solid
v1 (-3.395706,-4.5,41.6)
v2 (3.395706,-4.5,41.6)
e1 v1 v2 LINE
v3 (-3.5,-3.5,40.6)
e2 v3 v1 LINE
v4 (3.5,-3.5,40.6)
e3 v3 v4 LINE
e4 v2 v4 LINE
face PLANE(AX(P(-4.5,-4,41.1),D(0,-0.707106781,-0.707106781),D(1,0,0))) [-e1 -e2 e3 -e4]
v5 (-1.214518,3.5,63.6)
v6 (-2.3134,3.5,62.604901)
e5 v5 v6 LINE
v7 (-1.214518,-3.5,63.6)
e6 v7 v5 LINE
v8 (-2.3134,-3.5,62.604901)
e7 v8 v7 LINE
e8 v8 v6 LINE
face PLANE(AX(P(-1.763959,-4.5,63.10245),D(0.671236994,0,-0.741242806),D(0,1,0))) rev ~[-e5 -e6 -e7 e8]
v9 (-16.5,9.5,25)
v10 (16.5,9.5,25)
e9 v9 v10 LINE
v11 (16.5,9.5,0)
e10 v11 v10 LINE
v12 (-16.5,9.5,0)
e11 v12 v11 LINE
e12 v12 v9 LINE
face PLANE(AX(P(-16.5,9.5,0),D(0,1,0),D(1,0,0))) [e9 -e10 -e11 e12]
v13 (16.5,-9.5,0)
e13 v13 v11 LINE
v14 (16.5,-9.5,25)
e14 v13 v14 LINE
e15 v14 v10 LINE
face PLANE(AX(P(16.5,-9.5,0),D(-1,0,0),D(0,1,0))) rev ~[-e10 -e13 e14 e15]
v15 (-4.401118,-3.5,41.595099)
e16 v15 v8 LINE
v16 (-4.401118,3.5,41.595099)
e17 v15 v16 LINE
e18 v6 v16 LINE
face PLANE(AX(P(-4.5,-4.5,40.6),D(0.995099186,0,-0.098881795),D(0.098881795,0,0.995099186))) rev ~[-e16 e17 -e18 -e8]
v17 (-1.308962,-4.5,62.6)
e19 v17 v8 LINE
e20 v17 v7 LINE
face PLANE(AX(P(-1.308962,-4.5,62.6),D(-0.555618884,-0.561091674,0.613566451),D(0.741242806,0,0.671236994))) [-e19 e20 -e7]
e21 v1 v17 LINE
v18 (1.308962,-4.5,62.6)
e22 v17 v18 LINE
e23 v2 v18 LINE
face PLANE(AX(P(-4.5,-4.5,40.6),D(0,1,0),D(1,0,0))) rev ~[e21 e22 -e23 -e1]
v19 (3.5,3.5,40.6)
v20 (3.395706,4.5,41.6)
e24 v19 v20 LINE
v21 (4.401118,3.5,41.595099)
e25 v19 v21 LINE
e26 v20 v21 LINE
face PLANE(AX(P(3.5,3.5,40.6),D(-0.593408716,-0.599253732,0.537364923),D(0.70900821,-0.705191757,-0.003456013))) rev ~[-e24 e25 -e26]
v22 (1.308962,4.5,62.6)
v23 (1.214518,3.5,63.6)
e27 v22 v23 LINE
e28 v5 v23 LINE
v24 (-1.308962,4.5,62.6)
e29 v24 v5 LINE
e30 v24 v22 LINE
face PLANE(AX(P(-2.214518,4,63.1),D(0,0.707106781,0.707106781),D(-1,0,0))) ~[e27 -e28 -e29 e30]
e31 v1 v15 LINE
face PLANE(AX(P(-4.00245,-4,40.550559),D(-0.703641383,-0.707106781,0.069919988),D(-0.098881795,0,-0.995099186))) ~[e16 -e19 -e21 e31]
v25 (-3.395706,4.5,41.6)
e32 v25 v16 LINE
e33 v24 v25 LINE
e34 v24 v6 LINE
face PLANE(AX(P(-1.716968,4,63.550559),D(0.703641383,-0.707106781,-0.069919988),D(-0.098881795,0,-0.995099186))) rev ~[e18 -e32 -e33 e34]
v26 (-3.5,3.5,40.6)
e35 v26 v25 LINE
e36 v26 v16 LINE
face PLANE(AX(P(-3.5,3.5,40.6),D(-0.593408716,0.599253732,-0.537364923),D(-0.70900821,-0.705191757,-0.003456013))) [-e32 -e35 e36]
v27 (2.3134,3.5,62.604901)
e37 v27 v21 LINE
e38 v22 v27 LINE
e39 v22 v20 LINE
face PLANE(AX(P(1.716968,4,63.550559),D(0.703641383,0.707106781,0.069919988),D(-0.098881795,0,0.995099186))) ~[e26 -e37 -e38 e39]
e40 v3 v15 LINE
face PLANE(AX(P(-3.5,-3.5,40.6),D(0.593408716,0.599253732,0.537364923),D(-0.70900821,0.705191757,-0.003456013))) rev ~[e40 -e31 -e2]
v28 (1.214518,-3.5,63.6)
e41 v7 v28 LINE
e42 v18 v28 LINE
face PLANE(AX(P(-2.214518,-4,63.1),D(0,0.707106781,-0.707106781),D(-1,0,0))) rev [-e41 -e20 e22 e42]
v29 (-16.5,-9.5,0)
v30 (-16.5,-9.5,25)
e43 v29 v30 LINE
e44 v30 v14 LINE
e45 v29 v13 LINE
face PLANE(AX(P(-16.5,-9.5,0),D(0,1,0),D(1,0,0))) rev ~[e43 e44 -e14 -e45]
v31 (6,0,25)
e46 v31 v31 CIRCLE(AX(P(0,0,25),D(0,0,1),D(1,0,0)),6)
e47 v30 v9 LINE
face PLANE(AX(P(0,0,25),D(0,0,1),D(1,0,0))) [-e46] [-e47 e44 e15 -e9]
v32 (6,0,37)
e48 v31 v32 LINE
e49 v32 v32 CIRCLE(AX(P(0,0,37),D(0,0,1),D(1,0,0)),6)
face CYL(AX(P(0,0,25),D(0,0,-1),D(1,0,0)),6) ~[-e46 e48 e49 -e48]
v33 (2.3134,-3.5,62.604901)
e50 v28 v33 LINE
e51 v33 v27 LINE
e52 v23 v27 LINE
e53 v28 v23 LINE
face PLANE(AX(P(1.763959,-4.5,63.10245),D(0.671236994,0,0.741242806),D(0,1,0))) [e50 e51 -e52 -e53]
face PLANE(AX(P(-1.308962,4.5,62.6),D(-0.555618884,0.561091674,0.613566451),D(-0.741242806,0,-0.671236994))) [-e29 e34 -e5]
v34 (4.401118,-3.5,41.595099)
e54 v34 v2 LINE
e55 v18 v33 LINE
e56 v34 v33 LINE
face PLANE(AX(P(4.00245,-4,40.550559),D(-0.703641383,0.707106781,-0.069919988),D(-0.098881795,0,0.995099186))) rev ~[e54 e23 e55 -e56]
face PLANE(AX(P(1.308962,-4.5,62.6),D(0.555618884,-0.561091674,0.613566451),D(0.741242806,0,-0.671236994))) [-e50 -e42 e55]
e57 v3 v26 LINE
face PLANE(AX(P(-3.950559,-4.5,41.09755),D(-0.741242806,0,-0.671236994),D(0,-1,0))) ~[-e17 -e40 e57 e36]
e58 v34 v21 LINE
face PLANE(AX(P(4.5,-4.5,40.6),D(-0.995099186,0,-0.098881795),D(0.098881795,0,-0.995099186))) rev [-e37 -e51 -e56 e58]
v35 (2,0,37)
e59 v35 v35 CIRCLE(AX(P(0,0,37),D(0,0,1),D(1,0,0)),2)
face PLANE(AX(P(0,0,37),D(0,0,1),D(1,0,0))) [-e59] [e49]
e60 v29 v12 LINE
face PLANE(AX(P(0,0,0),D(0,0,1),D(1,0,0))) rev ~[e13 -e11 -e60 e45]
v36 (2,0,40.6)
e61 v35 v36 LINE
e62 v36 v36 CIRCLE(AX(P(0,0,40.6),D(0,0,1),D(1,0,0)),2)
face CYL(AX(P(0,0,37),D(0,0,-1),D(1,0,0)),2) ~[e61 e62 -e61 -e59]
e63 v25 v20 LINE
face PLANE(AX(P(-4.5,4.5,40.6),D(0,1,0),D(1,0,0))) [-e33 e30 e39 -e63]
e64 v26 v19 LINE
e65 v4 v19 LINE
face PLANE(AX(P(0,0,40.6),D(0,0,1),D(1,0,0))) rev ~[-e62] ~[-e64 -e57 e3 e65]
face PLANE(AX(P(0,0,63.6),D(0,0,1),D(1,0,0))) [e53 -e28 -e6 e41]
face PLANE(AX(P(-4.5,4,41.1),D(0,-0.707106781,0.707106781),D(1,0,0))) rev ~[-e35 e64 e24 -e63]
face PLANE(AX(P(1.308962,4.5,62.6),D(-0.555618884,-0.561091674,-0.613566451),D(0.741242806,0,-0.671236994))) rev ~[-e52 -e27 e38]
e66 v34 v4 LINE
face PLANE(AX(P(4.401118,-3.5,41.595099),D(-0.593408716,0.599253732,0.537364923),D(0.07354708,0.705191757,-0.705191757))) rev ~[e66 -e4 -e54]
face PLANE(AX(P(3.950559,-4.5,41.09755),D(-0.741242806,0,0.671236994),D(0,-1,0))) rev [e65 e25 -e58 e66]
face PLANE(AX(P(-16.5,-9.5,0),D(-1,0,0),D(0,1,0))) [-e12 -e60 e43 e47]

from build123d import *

# Parameters (mm, degrees)
SKETCH_W     = 33
SKETCH_H     = 19
PAD_DEPTH    = 25
SKETCH001_R  = 6
PAD001_DEPTH = 12
SKETCH002_R  = 2
PAD002_DEPTH = 3.6
SKETCH003_W  = 9
SKETCH003_H  = 9
PAD003_DEPTH = 23
POCKET_DEPTH = 13
CHAMFER_SIZE = 1


with BuildPart() as part:
    # Sketch → Pad (new body)
    with BuildSketch(Plane.XY):
        Rectangle(SKETCH_W, SKETCH_H)
    extrude(amount=PAD_DEPTH)

    # Sketch001 (on Face6 of Pad) → Pad001 (join)
    with BuildSketch(Plane.XY.offset(25)):
        Circle(SKETCH001_R)
    extrude(amount=PAD001_DEPTH)

    # Sketch002 (on Face8 of Pad001) → Pad002 (join)
    with BuildSketch(Plane.XY.offset(37)):
        Circle(SKETCH002_R)
    extrude(amount=PAD002_DEPTH)

    # Sketch003 (on Face10 of Pad002) → Pad003 (join)
    with BuildSketch(Plane.XY.offset(40.6)):
        Rectangle(SKETCH003_W, SKETCH003_H)
    extrude(amount=PAD003_DEPTH)

    # Sketch004 (on Face2 of Pad003) → Pocket (cut)
    with BuildSketch(Plane.XZ.offset(4.5)):
        Polygon((-4.5, 40.6), (-2.214518, 63.6), (-4.5, 63.6), align=None)
    pocket = extrude(amount=-POCKET_DEPTH, mode=Mode.SUBTRACT)

    # Mirrored: Pocket across Sketch004 V_Axis
    add(pocket.mirror(Plane(origin=(0, -4.5, 0), x_dir=(0, -1, 0), z_dir=(1, 0, 0))), mode=Mode.SUBTRACT)

    # Chamfer
    chamfer_edges = [part.edges().sort_by_distance(p)[0] for p in [
        (-3.357259, -4.5, 52.1),
        (0, -4.5, 40.6),
        (3.357259, -4.5, 52.1),
        (-4.5, 0, 40.6),
        (-3.357259, 4.5, 52.1),
        (3.357259, 4.5, 52.1),
        (0, 4.5, 40.6),
        (2.214518, 0, 63.6),
        (0, -4.5, 63.6),
        (-2.214518, 0, 63.6),
        (0, 4.5, 63.6),
        (4.5, 0, 40.6),
    ]]
    chamfer(chamfer_edges, length=CHAMFER_SIZE)


solid = part.part
